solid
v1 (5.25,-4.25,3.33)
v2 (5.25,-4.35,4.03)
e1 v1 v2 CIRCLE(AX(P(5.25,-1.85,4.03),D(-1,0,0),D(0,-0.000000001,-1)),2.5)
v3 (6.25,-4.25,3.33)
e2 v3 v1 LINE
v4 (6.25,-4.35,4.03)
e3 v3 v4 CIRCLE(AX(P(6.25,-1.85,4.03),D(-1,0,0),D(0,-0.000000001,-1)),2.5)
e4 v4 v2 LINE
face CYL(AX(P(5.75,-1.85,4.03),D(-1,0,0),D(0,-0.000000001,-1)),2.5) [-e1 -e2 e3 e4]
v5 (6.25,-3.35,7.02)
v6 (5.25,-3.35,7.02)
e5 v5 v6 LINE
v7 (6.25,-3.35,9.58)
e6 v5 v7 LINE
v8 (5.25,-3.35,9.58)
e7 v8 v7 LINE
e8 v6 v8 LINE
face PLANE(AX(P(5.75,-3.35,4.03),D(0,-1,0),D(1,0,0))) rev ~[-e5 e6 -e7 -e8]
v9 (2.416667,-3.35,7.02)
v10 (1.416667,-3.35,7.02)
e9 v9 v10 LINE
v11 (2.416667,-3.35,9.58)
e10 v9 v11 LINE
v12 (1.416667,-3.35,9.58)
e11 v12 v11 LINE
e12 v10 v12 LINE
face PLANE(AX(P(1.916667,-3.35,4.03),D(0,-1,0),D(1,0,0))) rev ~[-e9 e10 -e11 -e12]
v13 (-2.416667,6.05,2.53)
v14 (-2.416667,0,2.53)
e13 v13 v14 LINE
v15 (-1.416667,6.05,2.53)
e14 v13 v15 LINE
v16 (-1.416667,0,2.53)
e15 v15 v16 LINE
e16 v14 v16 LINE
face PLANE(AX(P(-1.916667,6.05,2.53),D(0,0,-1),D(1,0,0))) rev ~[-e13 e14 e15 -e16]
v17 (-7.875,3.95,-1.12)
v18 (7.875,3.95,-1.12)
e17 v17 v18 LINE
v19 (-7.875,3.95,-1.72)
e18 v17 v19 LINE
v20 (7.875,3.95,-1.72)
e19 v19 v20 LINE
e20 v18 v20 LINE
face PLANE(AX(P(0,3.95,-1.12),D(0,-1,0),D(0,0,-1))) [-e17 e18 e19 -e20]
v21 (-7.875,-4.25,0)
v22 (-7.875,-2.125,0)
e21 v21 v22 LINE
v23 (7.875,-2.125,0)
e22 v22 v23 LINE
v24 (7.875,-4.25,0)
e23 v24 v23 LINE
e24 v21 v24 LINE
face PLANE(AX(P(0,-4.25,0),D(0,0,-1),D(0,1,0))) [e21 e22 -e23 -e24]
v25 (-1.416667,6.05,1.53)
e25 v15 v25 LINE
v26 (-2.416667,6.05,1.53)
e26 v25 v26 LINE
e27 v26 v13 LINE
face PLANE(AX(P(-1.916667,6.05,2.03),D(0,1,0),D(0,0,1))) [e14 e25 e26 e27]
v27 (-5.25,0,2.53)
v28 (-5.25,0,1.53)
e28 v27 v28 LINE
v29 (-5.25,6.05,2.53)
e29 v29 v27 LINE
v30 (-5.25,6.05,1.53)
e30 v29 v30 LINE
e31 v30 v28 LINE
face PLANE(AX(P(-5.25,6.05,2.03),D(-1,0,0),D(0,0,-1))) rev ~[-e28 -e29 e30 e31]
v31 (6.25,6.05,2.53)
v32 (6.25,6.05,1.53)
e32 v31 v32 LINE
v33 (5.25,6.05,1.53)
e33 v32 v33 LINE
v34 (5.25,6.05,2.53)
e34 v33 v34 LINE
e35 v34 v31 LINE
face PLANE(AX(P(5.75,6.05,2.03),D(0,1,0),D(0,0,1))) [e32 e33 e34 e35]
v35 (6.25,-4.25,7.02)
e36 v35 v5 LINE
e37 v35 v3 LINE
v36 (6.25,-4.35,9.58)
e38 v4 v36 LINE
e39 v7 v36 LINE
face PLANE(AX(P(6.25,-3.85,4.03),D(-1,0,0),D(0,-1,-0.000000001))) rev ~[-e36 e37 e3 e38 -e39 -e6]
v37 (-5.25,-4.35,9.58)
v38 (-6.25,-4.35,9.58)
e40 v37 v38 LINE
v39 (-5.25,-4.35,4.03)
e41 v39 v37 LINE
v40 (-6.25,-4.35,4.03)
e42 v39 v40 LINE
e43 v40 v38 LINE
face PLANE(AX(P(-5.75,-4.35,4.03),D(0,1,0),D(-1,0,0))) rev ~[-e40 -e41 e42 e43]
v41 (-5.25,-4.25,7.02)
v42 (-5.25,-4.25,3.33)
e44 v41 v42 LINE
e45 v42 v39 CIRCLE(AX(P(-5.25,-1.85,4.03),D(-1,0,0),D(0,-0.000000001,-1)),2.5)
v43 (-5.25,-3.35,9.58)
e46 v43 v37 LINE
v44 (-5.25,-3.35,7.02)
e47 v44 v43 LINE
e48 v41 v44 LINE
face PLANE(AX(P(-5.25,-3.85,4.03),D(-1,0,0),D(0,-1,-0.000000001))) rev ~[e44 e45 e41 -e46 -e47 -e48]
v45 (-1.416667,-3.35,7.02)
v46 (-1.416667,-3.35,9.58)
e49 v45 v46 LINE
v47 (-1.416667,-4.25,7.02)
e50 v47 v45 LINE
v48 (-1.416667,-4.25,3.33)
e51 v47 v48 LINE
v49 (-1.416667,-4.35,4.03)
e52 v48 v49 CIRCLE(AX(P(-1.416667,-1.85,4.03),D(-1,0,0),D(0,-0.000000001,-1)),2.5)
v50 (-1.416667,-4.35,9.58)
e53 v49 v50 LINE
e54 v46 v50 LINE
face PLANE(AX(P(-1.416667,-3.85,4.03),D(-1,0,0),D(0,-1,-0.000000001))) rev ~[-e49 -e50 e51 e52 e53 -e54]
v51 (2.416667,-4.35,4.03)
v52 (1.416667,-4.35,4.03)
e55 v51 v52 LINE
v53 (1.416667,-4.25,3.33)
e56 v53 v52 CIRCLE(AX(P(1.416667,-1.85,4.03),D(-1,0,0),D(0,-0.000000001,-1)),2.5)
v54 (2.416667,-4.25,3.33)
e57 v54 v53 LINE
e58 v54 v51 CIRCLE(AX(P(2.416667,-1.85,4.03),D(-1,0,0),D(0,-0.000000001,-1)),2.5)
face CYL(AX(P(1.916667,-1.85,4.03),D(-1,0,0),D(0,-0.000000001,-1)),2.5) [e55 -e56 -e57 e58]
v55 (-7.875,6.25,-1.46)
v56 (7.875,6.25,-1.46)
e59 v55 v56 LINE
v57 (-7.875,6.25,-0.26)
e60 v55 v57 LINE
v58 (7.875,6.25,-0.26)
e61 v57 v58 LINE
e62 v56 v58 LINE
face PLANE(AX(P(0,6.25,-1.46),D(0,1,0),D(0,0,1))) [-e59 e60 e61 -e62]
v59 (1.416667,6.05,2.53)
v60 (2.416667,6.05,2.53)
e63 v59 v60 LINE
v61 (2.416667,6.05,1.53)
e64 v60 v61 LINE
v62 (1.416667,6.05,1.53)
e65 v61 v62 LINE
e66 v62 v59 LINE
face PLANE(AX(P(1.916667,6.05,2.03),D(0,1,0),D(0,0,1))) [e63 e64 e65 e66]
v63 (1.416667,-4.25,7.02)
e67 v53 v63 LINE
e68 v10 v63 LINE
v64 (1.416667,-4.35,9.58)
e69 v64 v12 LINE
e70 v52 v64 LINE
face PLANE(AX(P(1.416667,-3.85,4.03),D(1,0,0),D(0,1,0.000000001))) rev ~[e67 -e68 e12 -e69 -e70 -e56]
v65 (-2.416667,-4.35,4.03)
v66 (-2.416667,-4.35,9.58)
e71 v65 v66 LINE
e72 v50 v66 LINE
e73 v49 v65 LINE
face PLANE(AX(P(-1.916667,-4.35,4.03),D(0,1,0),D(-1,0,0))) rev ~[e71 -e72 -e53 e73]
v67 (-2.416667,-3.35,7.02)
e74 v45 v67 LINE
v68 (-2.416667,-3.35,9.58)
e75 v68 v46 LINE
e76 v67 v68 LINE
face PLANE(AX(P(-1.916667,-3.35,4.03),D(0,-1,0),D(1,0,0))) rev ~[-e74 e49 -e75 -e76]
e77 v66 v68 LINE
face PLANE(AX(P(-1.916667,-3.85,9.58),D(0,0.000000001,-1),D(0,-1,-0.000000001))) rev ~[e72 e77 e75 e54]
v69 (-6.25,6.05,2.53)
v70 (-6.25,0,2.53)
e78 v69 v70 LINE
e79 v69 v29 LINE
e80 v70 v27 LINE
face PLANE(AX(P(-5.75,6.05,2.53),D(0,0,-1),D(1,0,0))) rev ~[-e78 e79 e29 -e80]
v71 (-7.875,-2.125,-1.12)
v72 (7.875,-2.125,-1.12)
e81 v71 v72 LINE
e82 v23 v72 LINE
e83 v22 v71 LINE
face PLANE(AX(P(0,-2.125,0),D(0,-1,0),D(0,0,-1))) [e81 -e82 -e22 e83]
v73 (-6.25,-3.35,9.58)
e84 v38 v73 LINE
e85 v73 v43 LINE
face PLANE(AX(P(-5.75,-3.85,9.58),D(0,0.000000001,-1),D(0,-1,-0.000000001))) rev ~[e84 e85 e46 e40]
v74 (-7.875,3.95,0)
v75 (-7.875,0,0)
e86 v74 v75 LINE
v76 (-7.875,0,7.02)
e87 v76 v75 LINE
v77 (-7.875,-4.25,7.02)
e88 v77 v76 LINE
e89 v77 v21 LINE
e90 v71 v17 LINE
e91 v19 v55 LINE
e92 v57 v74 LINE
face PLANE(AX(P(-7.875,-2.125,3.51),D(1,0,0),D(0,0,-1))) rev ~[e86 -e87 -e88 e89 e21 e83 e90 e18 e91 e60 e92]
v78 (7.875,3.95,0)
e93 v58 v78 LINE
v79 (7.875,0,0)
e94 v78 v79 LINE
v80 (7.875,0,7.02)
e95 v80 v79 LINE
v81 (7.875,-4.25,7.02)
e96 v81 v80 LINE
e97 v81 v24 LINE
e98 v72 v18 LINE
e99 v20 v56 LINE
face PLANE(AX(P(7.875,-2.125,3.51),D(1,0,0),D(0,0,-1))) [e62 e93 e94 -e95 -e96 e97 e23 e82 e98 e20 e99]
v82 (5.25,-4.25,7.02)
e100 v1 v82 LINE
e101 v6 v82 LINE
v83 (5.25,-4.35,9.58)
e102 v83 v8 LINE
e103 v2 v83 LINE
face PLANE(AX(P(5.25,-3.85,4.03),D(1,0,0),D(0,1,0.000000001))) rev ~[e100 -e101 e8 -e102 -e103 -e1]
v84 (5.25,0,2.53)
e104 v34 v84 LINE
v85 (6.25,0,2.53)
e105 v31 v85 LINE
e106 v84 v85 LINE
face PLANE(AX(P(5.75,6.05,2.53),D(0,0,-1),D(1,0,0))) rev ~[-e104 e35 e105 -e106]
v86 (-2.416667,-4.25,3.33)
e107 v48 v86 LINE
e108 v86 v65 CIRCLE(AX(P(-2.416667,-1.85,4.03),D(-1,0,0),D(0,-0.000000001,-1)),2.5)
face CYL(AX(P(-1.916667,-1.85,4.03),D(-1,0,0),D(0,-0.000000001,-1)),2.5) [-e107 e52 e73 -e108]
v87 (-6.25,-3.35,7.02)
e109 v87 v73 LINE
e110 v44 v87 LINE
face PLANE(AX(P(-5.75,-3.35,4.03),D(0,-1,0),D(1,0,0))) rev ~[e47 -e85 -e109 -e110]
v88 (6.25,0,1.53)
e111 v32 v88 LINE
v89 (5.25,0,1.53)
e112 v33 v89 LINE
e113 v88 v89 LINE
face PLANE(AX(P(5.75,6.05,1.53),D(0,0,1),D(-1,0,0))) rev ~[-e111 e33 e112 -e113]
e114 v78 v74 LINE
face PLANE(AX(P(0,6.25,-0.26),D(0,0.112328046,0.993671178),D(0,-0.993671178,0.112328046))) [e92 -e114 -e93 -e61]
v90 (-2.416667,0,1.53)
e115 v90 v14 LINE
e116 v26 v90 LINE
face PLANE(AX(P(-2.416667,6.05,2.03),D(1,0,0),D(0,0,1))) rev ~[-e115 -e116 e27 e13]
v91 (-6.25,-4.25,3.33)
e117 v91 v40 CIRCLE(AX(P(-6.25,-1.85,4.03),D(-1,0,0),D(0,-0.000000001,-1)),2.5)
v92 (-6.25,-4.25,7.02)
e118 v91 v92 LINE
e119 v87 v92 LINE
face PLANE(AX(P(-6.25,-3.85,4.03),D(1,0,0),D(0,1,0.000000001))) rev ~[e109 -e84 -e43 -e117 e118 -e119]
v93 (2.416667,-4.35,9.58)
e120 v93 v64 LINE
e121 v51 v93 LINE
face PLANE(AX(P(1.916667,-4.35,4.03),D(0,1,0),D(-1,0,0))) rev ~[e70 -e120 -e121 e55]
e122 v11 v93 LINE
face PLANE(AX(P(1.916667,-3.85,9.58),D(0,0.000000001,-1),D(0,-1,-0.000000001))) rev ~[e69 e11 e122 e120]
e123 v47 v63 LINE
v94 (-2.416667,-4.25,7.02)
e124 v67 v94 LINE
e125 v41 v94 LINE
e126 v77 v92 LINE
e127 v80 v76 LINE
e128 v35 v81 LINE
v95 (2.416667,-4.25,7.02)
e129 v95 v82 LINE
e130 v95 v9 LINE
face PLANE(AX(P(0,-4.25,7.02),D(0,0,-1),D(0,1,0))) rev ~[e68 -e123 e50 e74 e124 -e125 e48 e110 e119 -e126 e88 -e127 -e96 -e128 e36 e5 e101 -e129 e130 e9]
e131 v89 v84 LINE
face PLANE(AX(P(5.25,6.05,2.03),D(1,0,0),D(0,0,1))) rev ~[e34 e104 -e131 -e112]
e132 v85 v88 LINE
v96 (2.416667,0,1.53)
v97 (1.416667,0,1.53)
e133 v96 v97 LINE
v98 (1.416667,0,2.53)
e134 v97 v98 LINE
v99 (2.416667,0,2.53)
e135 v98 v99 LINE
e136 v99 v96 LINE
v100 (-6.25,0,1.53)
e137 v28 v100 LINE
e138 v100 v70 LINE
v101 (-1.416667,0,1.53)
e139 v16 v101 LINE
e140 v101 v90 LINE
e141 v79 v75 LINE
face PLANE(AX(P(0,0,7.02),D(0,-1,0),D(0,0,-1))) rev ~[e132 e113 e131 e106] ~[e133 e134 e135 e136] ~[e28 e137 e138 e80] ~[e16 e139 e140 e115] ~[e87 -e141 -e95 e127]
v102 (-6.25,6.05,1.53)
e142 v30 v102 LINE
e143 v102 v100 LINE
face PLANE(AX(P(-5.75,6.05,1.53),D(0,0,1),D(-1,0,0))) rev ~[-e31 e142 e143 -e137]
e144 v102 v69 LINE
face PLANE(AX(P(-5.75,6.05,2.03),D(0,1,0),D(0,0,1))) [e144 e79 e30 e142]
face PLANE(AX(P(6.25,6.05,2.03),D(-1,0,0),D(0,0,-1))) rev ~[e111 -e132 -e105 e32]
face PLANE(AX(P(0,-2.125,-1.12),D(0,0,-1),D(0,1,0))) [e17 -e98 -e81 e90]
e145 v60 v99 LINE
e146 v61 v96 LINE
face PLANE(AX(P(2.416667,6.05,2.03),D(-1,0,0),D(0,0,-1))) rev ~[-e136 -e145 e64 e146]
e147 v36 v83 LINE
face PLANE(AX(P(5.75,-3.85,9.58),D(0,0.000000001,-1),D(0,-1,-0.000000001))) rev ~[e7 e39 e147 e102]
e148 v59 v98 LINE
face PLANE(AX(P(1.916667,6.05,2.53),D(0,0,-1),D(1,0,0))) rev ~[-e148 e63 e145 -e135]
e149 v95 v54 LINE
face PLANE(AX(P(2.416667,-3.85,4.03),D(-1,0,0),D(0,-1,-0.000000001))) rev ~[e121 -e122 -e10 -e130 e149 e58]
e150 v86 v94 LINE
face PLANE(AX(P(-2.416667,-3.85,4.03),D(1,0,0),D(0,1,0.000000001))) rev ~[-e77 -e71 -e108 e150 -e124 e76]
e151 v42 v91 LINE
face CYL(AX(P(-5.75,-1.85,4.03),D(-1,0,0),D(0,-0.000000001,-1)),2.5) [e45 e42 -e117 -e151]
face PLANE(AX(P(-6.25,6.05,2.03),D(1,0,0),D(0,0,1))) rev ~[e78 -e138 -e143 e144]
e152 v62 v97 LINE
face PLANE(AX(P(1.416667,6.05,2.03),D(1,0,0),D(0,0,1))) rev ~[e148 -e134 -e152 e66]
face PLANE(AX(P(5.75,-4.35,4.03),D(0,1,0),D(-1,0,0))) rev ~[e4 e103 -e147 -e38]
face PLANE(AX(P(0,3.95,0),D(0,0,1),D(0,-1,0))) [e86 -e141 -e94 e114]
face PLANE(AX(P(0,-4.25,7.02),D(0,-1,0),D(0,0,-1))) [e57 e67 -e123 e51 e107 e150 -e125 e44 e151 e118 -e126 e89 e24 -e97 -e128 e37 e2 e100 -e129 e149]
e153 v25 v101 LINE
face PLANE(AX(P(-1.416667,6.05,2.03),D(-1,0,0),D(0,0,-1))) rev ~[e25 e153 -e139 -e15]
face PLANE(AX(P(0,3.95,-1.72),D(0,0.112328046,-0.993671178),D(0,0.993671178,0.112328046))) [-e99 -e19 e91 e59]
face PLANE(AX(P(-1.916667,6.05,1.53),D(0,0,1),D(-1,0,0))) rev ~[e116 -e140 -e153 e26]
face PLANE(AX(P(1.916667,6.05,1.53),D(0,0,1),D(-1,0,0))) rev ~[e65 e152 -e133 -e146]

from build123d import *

# Parameters (mm, degrees)
SKETCH2_W           = 7.02
SKETCH2_H           = 4.25
BOSS_EXTRUDE1_DEPTH = 7.875
SKETCH4_W           = 1
SKETCH4_H           = 1
LPATTERN1_COUNT     = 4
LPATTERN1_PITCH     = 3.833333333


with BuildPart() as part:
    # Sketch2 → Boss-Extrude1 (new, symmetric)
    with BuildSketch(Plane(origin=(0, 0, 0), x_dir=(0, 0, -1), z_dir=(1, 0, 0))):
        with Locations((-3.51, -2.125)):
            Rectangle(SKETCH2_W, SKETCH2_H)
        Polygon((0, 3.95), (0, 0), (0, -2.125), (1.12, -2.125), (1.12, 3.95), (1.72, 3.95), (1.46, 6.25), (0.26, 6.25), align=None)
    extrude(amount=BOSS_EXTRUDE1_DEPTH, both=True)

    # Sweep1: sweep along a path in Sketch3
    with BuildLine(Plane(origin=(5.75, 0, 0), x_dir=(0, 0, -1), z_dir=(1, 0, 0))) as sweep1_path:
        Line((-2.03, 6.05), (-2.03, -1.85))
        ThreePointArc((-2.03, -1.85), (-2.615786438, -3.264213562), (-4.03, -3.85))
        Line((-4.03, -3.85), (-9.58, -3.85))
    # Sketch4 → Sweep1 (sweep)
    with BuildSketch(Plane(origin=(0, 6.05, 0), x_dir=(1, 0, 0), z_dir=(0, 1, 0))):
        with Locations((5.75, -2.03)):
            Rectangle(SKETCH4_W, SKETCH4_H)
    sweep1 = sweep(path=sweep1_path.line)

    # LPattern1: Sweep1 ×4
    with Locations(*[(-i * LPATTERN1_PITCH, 0, 0) for i in range(1, LPATTERN1_COUNT)]):
        add(sweep1)


solid = part.part
